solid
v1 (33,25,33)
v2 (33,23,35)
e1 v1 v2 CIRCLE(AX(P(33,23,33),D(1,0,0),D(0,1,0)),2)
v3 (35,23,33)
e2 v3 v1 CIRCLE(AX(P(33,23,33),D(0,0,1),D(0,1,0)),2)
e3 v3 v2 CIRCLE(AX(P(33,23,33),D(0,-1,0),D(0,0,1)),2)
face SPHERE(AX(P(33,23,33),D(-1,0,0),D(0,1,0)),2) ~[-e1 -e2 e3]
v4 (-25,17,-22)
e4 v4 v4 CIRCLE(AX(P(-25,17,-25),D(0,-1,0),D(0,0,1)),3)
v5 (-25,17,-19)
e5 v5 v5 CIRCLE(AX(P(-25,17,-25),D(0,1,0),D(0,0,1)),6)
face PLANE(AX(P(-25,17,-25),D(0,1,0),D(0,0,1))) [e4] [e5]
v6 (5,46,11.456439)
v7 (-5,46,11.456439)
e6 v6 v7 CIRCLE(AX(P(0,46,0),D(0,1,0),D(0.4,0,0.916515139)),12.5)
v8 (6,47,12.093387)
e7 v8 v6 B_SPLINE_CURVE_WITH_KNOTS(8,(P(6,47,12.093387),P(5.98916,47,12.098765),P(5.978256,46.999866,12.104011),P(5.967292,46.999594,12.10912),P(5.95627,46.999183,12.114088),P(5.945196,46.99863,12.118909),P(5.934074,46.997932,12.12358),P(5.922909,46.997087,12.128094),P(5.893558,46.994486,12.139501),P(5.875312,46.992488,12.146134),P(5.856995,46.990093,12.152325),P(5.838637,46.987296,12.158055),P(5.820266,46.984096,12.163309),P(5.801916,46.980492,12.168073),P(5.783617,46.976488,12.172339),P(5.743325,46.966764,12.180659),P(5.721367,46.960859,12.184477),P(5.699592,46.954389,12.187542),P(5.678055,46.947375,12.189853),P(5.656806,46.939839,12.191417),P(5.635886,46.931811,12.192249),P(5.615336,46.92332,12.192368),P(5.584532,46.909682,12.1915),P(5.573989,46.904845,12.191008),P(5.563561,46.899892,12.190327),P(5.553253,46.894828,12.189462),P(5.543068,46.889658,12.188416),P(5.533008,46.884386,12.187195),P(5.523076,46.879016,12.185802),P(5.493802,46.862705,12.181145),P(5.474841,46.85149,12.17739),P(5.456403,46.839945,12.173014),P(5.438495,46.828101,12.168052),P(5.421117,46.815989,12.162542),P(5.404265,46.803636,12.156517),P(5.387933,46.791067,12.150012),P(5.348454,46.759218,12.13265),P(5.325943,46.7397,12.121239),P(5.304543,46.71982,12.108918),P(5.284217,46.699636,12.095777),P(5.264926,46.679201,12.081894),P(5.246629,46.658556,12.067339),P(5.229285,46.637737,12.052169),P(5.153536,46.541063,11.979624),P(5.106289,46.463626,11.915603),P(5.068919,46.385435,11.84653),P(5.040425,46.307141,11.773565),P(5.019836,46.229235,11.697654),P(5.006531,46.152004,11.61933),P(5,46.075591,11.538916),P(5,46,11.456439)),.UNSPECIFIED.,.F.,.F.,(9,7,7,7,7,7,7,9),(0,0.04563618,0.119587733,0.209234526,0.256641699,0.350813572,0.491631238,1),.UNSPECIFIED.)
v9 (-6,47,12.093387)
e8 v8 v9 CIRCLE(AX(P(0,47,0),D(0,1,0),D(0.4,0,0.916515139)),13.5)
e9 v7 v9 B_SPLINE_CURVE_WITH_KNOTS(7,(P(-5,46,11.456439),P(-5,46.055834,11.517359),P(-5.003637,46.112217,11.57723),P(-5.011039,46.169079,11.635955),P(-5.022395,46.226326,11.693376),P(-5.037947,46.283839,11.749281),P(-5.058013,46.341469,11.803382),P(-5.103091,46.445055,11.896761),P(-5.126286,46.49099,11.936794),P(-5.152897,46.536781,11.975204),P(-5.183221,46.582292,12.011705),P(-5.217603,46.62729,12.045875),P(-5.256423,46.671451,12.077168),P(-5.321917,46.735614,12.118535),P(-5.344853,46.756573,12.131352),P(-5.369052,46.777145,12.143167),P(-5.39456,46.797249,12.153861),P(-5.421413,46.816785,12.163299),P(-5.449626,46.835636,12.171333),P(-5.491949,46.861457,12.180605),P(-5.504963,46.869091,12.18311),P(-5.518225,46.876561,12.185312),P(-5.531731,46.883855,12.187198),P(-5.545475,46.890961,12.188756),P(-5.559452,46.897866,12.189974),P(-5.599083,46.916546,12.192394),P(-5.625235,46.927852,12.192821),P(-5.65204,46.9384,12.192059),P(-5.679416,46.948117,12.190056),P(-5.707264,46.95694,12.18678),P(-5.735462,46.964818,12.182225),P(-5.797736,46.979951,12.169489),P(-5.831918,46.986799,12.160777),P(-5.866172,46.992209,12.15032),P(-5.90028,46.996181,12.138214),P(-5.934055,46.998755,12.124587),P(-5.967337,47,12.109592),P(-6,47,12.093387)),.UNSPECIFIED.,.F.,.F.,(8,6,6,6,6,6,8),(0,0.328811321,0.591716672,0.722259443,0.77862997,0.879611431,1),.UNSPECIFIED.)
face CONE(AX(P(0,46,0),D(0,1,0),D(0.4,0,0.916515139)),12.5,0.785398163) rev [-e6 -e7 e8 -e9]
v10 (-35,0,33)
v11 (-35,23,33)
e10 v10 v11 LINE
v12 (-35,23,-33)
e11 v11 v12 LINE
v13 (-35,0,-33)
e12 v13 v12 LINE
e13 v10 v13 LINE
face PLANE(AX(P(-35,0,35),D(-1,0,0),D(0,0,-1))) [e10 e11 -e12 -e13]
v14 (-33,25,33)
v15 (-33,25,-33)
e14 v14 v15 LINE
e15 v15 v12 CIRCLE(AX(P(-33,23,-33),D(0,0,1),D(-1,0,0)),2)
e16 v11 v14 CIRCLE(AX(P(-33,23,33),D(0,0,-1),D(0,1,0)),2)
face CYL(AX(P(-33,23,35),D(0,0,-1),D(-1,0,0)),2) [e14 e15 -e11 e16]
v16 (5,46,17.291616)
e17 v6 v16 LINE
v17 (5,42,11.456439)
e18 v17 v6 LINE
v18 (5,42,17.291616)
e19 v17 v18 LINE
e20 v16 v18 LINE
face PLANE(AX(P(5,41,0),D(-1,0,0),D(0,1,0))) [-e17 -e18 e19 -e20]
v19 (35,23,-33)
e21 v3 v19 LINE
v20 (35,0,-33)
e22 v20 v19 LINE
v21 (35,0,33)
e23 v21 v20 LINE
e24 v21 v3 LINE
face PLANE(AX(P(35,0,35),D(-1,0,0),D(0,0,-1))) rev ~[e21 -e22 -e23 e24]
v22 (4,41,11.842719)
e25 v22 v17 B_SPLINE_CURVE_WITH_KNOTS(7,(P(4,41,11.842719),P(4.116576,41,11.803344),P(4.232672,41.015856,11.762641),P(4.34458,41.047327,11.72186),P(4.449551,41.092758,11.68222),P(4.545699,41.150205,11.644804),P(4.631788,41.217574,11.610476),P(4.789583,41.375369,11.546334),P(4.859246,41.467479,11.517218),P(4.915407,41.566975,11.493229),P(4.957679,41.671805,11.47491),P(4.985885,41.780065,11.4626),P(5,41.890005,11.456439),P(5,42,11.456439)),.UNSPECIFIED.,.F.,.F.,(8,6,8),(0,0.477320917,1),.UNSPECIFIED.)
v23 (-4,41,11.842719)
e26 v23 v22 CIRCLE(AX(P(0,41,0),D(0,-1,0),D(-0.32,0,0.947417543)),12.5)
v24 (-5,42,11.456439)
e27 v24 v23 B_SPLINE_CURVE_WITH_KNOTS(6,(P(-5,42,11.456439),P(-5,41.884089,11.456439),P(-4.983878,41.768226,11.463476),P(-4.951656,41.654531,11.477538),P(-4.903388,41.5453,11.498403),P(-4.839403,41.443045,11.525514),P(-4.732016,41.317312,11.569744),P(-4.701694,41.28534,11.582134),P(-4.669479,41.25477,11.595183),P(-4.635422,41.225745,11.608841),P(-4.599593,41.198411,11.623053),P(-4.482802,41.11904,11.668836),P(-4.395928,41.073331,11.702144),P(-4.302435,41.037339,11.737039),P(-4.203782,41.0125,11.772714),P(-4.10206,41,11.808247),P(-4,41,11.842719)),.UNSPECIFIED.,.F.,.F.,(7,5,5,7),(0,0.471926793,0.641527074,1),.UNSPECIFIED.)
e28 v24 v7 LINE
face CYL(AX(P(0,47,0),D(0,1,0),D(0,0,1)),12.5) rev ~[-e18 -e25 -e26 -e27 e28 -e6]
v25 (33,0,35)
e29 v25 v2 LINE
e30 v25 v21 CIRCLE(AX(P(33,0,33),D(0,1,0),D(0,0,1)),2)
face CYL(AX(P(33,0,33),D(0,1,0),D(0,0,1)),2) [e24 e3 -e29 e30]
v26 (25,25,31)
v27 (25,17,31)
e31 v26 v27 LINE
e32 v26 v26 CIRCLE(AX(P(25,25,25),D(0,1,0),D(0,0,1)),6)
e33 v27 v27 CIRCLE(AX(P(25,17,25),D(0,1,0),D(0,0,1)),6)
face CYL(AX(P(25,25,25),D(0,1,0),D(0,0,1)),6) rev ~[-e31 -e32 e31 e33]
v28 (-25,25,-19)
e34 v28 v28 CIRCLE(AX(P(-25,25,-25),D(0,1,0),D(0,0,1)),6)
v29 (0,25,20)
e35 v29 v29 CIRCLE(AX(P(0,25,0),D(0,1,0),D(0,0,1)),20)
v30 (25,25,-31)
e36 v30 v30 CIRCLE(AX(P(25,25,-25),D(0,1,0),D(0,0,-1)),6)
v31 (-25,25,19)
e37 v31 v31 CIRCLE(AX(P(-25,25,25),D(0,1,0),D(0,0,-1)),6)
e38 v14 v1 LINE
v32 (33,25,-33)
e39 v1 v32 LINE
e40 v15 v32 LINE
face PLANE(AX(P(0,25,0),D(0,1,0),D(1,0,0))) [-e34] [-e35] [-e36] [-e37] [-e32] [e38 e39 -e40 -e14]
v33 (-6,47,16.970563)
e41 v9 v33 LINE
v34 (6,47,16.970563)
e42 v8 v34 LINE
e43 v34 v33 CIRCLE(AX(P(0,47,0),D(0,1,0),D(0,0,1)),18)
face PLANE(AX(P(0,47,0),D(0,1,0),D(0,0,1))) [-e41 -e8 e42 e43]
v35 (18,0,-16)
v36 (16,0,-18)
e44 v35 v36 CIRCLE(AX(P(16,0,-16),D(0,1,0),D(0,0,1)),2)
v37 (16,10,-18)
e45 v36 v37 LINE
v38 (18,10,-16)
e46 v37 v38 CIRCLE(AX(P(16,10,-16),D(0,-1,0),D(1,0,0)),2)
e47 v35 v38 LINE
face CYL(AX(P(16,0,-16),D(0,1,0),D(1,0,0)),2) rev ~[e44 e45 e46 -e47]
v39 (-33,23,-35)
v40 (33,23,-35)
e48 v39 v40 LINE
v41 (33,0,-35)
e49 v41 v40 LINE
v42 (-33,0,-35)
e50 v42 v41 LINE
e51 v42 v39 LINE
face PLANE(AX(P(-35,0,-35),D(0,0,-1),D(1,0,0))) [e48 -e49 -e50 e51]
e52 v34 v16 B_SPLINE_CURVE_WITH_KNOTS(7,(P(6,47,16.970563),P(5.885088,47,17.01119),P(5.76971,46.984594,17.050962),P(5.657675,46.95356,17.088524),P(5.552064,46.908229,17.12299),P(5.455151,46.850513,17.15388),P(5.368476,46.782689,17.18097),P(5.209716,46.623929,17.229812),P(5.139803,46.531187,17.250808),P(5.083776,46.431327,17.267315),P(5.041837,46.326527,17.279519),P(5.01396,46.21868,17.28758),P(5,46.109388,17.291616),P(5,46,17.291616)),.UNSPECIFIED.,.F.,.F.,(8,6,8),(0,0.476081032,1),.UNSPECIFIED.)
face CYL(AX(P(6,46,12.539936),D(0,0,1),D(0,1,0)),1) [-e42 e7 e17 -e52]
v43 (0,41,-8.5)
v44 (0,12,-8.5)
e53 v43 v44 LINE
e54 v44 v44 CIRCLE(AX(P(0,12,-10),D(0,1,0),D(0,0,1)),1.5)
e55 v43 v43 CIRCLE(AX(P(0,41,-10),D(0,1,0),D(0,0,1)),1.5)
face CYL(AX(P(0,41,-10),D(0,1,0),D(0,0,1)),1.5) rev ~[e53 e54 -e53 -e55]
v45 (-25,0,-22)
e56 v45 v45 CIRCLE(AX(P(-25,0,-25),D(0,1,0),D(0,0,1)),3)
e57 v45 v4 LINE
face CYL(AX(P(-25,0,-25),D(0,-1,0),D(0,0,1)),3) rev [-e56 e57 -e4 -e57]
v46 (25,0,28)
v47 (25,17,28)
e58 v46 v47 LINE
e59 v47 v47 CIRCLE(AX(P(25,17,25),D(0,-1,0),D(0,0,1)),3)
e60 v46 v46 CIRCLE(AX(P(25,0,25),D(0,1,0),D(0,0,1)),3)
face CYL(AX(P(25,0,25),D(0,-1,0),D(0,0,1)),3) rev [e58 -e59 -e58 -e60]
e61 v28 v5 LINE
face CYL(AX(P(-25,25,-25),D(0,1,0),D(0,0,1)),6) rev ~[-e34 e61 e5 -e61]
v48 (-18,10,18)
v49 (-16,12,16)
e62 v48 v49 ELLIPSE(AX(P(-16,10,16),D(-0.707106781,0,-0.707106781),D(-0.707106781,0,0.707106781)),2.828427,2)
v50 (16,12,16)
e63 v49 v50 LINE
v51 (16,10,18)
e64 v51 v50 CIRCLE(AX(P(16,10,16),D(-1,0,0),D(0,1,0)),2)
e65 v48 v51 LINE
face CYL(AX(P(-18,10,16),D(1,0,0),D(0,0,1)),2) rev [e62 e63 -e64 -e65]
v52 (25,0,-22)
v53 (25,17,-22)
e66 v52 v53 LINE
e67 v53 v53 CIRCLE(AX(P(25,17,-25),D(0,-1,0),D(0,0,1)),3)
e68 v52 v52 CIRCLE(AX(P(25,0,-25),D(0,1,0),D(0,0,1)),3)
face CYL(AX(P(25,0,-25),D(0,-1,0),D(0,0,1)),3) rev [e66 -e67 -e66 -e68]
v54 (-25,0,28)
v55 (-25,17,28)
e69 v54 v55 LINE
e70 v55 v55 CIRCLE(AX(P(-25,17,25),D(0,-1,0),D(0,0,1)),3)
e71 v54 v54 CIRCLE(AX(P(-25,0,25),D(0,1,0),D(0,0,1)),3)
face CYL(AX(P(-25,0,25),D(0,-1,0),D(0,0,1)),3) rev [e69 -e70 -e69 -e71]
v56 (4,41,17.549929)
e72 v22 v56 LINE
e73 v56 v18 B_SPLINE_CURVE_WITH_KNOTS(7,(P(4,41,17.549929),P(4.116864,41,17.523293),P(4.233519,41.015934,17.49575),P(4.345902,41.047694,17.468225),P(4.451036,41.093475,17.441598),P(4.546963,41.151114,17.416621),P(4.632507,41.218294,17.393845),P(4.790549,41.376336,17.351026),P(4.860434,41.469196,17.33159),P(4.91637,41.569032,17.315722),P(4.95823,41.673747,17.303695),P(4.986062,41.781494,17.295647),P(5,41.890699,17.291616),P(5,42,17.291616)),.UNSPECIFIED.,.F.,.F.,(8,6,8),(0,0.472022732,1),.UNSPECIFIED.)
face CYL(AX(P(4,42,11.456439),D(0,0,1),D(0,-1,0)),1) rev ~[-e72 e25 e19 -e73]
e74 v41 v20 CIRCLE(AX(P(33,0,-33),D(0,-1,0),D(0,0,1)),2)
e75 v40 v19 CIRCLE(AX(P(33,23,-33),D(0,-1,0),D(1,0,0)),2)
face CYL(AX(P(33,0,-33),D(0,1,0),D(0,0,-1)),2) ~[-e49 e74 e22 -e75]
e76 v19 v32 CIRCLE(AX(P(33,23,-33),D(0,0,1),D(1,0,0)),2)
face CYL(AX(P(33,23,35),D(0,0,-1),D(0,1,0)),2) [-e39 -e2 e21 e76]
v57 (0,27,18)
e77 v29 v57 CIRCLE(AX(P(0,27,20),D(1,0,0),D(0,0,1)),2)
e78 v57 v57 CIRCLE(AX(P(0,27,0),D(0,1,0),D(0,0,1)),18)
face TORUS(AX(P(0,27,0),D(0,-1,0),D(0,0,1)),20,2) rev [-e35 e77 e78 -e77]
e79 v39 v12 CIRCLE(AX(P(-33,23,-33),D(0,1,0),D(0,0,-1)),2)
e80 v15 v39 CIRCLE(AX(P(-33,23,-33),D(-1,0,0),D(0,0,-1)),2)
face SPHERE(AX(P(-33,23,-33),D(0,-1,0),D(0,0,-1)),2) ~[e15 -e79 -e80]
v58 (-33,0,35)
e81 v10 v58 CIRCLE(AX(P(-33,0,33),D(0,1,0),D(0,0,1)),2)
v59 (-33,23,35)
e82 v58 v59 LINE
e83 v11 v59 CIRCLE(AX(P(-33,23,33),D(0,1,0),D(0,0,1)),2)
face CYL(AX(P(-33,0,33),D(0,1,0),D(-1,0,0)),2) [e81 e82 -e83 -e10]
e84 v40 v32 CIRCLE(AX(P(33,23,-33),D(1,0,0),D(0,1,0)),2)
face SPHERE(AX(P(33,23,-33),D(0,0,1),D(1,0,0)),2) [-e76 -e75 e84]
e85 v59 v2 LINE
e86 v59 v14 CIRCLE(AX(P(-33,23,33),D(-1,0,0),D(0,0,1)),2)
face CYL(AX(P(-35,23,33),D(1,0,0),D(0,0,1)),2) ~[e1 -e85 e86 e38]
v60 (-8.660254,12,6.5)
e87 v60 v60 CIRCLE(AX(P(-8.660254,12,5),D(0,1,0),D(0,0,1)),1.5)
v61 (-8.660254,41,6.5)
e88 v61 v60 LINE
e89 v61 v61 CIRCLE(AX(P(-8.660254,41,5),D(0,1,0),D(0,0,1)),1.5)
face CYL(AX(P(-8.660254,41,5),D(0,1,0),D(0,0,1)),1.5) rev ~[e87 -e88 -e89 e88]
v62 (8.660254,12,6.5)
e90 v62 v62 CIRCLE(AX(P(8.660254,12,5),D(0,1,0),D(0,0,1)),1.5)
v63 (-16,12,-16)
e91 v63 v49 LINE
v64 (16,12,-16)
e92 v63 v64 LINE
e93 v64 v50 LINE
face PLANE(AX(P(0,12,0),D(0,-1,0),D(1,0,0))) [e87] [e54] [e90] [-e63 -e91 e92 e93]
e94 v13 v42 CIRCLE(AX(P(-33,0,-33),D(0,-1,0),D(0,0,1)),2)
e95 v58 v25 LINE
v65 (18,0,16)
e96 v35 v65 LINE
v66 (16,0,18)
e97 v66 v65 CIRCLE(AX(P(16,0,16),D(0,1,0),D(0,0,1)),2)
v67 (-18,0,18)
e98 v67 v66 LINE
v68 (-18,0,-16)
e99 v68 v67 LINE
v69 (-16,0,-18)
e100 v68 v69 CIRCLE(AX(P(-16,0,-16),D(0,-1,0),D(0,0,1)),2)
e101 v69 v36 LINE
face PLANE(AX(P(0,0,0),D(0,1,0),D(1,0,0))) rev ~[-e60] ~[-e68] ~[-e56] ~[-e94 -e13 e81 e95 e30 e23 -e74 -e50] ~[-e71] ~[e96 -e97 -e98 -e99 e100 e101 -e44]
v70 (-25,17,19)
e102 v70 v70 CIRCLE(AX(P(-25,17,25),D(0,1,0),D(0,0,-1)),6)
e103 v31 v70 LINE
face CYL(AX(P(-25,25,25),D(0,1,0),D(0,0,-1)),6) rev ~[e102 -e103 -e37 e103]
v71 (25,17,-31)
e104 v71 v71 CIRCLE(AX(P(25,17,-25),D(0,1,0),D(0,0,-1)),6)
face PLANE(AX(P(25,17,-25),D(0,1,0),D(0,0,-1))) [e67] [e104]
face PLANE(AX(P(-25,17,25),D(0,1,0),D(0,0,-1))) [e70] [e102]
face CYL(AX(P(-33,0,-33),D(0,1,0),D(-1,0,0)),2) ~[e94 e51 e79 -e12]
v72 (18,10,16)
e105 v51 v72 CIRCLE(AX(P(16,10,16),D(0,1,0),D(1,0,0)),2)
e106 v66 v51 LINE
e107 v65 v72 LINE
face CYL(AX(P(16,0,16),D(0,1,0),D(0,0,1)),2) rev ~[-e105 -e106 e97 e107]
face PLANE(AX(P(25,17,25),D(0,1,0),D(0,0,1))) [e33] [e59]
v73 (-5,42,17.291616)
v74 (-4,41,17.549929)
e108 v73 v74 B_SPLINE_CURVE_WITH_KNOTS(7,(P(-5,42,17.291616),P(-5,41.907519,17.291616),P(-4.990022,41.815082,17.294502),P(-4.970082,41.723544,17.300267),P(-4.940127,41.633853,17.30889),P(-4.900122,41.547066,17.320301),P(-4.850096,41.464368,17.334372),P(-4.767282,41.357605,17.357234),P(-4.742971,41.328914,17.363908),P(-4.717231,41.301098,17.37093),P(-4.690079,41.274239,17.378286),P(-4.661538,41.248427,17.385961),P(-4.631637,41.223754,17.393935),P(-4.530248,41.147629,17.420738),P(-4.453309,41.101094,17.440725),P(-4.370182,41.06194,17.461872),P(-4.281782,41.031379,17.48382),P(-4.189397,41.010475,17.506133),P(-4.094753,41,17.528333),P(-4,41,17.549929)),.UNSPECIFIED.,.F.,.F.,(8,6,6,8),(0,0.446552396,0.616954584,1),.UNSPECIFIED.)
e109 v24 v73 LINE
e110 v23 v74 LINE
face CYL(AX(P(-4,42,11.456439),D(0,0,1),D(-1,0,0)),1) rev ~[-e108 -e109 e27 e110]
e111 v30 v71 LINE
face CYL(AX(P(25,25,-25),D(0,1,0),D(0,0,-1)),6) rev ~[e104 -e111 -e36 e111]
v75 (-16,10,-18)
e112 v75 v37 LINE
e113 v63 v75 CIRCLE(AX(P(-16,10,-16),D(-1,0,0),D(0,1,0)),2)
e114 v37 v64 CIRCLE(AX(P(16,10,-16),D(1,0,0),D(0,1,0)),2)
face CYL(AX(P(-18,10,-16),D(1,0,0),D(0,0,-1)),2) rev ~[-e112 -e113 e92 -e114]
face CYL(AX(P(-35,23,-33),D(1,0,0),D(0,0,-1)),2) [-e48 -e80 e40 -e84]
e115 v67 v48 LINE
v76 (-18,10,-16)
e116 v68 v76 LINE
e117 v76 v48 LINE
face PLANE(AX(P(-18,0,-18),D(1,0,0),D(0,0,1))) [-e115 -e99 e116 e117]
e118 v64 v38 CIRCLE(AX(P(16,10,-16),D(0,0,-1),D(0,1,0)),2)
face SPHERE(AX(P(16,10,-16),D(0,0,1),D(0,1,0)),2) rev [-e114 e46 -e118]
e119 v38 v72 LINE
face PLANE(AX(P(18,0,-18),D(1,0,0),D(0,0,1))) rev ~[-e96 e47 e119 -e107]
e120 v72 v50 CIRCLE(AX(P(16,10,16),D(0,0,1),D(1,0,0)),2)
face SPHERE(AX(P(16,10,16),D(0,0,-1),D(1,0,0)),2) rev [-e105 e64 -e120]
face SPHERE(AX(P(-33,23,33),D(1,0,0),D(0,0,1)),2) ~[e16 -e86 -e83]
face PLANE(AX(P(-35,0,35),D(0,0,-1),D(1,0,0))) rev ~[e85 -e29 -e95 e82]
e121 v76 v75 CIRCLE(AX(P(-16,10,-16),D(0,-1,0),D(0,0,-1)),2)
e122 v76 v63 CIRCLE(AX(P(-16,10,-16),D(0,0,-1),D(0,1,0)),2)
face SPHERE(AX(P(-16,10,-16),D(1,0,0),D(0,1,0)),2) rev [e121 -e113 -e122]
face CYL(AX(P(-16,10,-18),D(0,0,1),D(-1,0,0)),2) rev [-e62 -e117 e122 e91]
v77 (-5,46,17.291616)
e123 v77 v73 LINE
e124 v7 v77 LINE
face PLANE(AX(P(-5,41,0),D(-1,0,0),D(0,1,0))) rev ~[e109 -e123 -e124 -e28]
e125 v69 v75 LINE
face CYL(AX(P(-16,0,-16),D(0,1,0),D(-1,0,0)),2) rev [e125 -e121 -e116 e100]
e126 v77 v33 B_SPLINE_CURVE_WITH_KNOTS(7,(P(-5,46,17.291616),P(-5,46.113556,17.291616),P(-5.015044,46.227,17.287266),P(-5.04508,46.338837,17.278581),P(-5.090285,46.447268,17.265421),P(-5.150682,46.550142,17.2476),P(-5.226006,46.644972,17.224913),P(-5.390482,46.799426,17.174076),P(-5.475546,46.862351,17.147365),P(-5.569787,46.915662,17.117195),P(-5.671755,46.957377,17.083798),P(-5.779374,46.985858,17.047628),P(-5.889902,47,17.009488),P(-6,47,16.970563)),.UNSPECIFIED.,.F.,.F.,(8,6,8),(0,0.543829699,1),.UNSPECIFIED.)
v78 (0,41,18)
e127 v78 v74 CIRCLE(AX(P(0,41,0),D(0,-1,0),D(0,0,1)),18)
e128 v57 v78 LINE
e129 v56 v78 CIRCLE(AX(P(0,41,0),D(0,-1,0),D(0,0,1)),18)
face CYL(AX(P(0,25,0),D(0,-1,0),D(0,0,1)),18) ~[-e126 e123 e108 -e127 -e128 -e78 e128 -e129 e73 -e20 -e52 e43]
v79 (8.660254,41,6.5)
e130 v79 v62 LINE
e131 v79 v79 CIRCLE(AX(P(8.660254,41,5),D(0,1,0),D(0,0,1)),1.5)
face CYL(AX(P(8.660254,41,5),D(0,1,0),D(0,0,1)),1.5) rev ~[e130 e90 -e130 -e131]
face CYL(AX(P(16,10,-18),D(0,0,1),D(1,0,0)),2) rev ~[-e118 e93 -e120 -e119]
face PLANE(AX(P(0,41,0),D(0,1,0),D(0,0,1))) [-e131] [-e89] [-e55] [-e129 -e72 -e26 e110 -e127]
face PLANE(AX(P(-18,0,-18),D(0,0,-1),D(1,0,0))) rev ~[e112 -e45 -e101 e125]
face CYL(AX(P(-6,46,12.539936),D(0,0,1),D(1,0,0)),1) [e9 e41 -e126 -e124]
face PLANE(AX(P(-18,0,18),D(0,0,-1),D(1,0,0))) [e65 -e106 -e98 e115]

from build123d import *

# Parameters (mm, degrees)
SKETCH_1_W          = 70
SKETCH_1_H          = 70
EXTRUDE_1_DEPTH     = 25
SKETCH_2_R          = 18
EXTRUDE_2_DEPTH     = 22
SKETCH_3_R          = 12.5
CUT_EXTRUDE_1_DEPTH = 6
SKETCH_5_R          = 1.5
CUT_EXTRUDE_2_DEPTH = 65.272855857
SKETCH_6_W          = 10
SKETCH_6_H          = 12
CUT_EXTRUDE_3_DEPTH = 20
SKETCH_7_R          = 3
CUT_EXTRUDE_4_DEPTH = 69.256867786
SKETCH_8_R          = 6
CUT_EXTRUDE_5_DEPTH = 8
SKETCH_9_W          = 36
SKETCH_9_H          = 36
CUT_EXTRUDE_6_DEPTH = 12
FILLET_1_R          = 2
FILLET_2_R          = 2
CHAMFER_1_SIZE      = 1
FILLET_3_R          = 1


with BuildPart() as part:
    # 草图1 → 凸台-拉伸1 (new body)
    with BuildSketch(Plane(origin=(0, 0, 0), x_dir=(1, 0, 0), z_dir=(0, 1, 0))):
        Rectangle(SKETCH_1_W, SKETCH_1_H)
    extrude(amount=EXTRUDE_1_DEPTH)

    # 草图2 → 凸台-拉伸2 (add)
    with BuildSketch(Plane(origin=(0, 25, 0), x_dir=(1, 0, 0), z_dir=(0, 1, 0))):
        with Locations(Location((0, 0, 0), (0, 0, 270))):
            Circle(SKETCH_2_R)
    extrude(amount=EXTRUDE_2_DEPTH)

    # 草图3 → 切除-拉伸1 (cut)
    with BuildSketch(Plane(origin=(0, 47, 0), x_dir=(1, 0, 0), z_dir=(0, 1, 0))):
        with Locations(Location((0, 0, 0), (0, 0, 270))):
            Circle(SKETCH_3_R)
    extrude(amount=-CUT_EXTRUDE_1_DEPTH, mode=Mode.SUBTRACT)

    # 草图5 → 切除-拉伸2 (cut, through all)
    with BuildSketch(Plane(origin=(0, 41, 0), x_dir=(1, 0, 0), z_dir=(0, 1, 0))):
        with Locations(Location((0, 10, 0), (0, 0, 270))):
            Circle(SKETCH_5_R)
        with Locations(Location((8.660254038, -5, 0), (0, 0, 270))):
            Circle(SKETCH_5_R)
        with Locations(Location((-8.660254038, -5, 0), (0, 0, 270))):
            Circle(SKETCH_5_R)
    extrude(amount=-CUT_EXTRUDE_2_DEPTH, mode=Mode.SUBTRACT)

    # 草图6 → 切除-拉伸3 (cut)
    with BuildSketch(Plane.XY):
        with Locations((0, 47)):
            Rectangle(SKETCH_6_W, SKETCH_6_H)
    extrude(amount=CUT_EXTRUDE_3_DEPTH, mode=Mode.SUBTRACT)

    # 草图7 → 切除-拉伸4 (cut, through all)
    with BuildSketch(Plane(origin=(0, 0, 0), x_dir=(1, 0, 0), z_dir=(0, 1, 0))):
        with Locations(Location((-25, 25, 0), (0, 0, 270))):
            Circle(SKETCH_7_R)
        with Locations(Location((25, 25, 0), (0, 0, 270))):
            Circle(SKETCH_7_R)
        with Locations(Location((25, -25, 0), (0, 0, 270))):
            Circle(SKETCH_7_R)
        with Locations(Location((-25, -25, 0), (0, 0, 270))):
            Circle(SKETCH_7_R)
    extrude(amount=CUT_EXTRUDE_4_DEPTH, mode=Mode.SUBTRACT)

    # 草图8 → 切除-拉伸5 (cut)
    with BuildSketch(Plane(origin=(0, 25, 0), x_dir=(1, 0, 0), z_dir=(0, 1, 0))):
        with Locations(Location((-25, 25, 0), (0, 0, 270))):
            Circle(SKETCH_8_R)
        with Locations(Location((25, 25, 0), (0, 0, 90))):
            Circle(SKETCH_8_R)
        with Locations(Location((25, -25, 0), (0, 0, 270))):
            Circle(SKETCH_8_R)
        with Locations(Location((-25, -25, 0), (0, 0, 90))):
            Circle(SKETCH_8_R)
    extrude(amount=-CUT_EXTRUDE_5_DEPTH, mode=Mode.SUBTRACT)

    # 草图9 → 切除-拉伸6 (cut)
    with BuildSketch(Plane.XZ):
        Rectangle(SKETCH_9_W, SKETCH_9_H)
    extrude(amount=-CUT_EXTRUDE_6_DEPTH, mode=Mode.SUBTRACT)

    # 圆角1
    fillet_1_edges = [part.edges().sort_by_distance(p)[0] for p in [
        (0, 25, 35),
        (18, 12, 0),
        (18, 6, 18),
        (0, 12, -18),
        (18, 6, -18),
        (-18, 12, 0),
        (-18, 6, -18),
        (0, 12, 18),
        (35, 25, 0),
        (-35, 12.5, -35),
        (35, 12.5, -35),
        (35, 12.5, 35),
        (-35, 12.5, 35),
        (0, 25, -35),
        (-35, 25, 0),
    ]]
    fillet(fillet_1_edges, radius=FILLET_1_R)

    # 圆角2
    fillet_2_edges = [part.edges().sort_by_distance(p)[0] for p in [
        (0, 25, -18),
    ]]
    fillet(fillet_2_edges, radius=FILLET_2_R)

    # 倒角1
    chamfer_1_edges = [part.edges().sort_by_distance(p)[0] for p in [
        (0, 47, -12.5),
    ]]
    chamfer(chamfer_1_edges, length=CHAMFER_1_SIZE)

    # 圆角3
    fillet_3_edges = [part.edges().sort_by_distance(p)[0] for p in [
        (-5, 47, 14.915776335),
        (5, 47, 14.915776335),
        (5, 41, 14.374027852),
        (-5, 41, 14.374027852),
    ]]
    fillet(fillet_3_edges, radius=FILLET_3_R)


solid = part.part
